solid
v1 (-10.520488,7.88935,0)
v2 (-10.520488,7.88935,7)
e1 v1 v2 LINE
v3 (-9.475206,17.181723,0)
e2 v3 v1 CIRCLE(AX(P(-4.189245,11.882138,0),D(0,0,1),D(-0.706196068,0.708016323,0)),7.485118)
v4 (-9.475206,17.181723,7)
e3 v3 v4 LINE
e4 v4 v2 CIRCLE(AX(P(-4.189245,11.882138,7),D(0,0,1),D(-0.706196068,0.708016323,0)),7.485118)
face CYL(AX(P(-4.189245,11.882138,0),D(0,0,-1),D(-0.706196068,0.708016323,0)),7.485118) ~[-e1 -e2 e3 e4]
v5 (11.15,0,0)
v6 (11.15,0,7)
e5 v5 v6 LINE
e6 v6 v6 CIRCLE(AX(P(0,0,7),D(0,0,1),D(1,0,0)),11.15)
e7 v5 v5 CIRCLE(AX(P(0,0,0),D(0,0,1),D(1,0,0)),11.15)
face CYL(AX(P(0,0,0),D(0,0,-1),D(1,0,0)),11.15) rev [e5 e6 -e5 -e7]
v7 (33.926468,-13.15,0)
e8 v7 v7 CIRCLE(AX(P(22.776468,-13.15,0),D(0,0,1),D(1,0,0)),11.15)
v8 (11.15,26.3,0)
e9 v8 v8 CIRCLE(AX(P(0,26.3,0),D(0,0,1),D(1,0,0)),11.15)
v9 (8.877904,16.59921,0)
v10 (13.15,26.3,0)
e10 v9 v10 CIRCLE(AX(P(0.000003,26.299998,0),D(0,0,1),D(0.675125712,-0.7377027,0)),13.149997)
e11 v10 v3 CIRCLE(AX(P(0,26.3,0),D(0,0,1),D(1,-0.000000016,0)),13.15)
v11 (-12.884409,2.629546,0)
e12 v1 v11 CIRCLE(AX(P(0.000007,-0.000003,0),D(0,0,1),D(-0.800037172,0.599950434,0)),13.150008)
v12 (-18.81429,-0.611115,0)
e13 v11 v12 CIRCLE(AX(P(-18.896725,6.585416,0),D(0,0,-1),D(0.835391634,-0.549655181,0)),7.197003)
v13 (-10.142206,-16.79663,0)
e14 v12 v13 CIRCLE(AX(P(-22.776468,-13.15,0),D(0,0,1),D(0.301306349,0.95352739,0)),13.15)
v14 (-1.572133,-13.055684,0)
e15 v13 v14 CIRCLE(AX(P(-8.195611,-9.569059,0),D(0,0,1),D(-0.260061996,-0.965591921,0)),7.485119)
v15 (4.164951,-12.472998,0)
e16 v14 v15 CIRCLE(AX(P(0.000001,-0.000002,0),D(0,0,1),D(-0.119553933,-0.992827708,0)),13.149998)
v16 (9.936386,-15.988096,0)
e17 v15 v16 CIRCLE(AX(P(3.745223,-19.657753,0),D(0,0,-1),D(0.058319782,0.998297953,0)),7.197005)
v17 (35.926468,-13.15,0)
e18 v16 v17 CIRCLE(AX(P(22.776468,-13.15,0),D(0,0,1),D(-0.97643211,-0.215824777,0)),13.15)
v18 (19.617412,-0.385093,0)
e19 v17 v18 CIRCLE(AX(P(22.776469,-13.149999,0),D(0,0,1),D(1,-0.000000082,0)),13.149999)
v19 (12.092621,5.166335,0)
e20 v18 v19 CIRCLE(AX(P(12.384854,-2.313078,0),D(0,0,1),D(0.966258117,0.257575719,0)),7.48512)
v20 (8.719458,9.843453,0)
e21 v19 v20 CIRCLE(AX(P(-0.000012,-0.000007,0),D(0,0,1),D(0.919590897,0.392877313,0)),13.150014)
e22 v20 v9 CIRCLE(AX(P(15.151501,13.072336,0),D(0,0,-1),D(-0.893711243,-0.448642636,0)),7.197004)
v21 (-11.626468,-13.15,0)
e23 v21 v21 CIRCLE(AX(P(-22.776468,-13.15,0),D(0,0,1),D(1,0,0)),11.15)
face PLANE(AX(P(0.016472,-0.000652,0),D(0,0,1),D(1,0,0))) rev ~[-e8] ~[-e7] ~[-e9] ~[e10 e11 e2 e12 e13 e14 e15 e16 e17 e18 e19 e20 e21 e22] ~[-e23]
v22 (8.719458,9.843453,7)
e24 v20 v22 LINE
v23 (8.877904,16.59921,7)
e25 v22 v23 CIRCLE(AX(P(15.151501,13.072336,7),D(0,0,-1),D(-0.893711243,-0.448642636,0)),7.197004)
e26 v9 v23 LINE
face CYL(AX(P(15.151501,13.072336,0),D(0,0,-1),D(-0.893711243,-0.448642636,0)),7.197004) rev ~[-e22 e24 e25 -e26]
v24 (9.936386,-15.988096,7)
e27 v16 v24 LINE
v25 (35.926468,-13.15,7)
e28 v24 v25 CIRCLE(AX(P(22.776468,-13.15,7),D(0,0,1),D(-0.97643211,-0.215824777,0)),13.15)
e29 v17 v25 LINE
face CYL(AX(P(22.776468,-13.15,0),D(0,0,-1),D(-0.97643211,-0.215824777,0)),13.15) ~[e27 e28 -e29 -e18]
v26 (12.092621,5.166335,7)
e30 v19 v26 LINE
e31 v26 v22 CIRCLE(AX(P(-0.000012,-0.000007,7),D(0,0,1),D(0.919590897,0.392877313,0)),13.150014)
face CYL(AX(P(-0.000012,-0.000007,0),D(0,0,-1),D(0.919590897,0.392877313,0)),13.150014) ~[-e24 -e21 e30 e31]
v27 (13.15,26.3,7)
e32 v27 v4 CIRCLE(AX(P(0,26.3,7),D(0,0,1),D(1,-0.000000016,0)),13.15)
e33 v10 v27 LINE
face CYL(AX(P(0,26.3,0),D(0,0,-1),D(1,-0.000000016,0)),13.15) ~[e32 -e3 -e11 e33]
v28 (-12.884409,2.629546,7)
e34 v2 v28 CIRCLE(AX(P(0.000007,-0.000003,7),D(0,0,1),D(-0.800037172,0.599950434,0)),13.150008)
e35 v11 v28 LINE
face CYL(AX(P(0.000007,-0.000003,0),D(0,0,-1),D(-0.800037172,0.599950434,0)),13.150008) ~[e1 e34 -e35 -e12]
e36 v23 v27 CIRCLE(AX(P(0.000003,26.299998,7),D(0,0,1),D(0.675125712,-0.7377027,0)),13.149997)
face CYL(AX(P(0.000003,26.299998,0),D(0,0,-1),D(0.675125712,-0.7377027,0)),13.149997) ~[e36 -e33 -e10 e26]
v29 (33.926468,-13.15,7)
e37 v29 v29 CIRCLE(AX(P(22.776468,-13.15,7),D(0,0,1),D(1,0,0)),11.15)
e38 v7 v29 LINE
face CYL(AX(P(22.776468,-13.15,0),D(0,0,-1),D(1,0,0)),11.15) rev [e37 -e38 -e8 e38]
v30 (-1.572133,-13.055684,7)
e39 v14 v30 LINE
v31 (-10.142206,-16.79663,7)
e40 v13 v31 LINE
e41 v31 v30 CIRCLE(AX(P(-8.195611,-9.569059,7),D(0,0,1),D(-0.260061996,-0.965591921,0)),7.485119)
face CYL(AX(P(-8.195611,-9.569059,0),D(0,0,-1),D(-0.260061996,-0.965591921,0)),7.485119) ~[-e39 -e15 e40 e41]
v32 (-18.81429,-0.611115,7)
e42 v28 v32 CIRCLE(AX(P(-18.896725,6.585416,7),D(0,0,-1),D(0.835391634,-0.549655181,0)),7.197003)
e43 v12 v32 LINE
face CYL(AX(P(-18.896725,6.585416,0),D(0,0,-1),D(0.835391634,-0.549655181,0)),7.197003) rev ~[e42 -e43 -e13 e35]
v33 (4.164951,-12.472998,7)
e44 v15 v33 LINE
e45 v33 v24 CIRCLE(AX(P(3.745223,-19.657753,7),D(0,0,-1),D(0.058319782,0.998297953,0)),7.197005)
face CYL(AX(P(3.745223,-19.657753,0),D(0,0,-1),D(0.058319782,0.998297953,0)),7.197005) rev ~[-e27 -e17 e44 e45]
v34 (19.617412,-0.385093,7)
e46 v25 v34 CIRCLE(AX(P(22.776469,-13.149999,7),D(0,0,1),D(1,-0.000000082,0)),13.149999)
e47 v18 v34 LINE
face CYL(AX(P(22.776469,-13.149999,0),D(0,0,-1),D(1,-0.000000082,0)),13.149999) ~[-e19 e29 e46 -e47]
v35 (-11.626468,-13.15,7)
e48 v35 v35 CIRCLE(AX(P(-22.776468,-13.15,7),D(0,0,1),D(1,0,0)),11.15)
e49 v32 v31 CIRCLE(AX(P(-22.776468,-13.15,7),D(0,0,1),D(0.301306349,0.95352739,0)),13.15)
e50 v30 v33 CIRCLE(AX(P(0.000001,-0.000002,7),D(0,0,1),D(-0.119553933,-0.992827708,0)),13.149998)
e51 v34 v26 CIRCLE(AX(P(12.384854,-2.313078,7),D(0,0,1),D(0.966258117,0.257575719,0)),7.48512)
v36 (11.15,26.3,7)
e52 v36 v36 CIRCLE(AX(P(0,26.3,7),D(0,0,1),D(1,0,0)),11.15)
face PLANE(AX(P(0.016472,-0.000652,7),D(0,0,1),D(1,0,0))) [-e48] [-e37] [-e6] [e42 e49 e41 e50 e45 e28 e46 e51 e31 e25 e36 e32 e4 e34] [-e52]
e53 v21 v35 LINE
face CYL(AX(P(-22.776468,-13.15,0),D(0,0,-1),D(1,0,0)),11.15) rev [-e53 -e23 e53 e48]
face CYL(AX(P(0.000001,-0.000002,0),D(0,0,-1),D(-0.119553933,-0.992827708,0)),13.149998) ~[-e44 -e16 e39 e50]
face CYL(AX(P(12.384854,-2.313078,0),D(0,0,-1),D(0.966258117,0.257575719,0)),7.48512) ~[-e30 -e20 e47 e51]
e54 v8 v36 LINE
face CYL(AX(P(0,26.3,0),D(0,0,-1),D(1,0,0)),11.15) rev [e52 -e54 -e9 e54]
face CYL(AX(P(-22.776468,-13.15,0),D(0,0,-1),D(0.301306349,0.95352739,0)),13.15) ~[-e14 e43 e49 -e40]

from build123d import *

# Parameters (mm, degrees)
F0_R     = 11.15
F1_DEPTH = 7


with BuildPart() as f1:
    # F0 (on Top) → F1 (new body)
    with BuildSketch(Plane.XY):
        with BuildLine():
            ThreePointArc((11.388234, -6.575), (12.701925, -3.403471), (13.15, 0))
            ThreePointArc((13.15, 0), (12.882943, 2.636715), (12.092621, 5.166335))
            ThreePointArc((12.092621, 5.166335), (10.665576, 7.692073), (8.719458, 9.843453))
            ThreePointArc((8.719458, 9.843453), (4.662676, 12.295607), (0, 13.15))
            ThreePointArc((0, 13.15), (-5.881222, 11.761536), (-10.520488, 7.88935))
            ThreePointArc((-10.520488, 7.88935), (-11.994319, 5.390623), (-12.884409, 2.629546))
            ThreePointArc((-12.884409, 2.629546), (-12.979646, -2.109807), (-11.388234, -6.575))
            ThreePointArc((-11.388234, -6.575), (-7.245177, -10.974056), (-1.572133, -13.055684))
            ThreePointArc((-1.572133, -13.055684), (1.328743, -13.082696), (4.164951, -12.472998))
            ThreePointArc((4.164951, -12.472998), (8.31697, -10.1858), (11.388234, -6.575))
        make_face()
        Circle(F0_R, mode=Mode.SUBTRACT)
        with BuildLine():
            ThreePointArc((12.092621, 5.166335), (12.882943, 2.636715), (13.15, 0))
            ThreePointArc((13.15, 0), (12.701925, -3.403471), (11.388234, -6.575))
            ThreePointArc((11.388234, -6.575), (14.871744, -2.641059), (19.617412, -0.385093))
            ThreePointArc((19.617412, -0.385093), (16.82857, 3.710244), (12.092621, 5.166335))
        make_face()
        with BuildLine():
            ThreePointArc((9.936386, -15.988096), (9.780145, -11.145485), (11.388234, -6.575))
            ThreePointArc((11.388234, -6.575), (8.31697, -10.1858), (4.164951, -12.472998))
            ThreePointArc((4.164951, -12.472998), (7.488877, -13.511052), (9.936386, -15.988096))
        make_face()
        with BuildLine():
            ThreePointArc((19.617412, -0.385093), (14.871744, -2.641059), (11.388234, -6.575))
            ThreePointArc((11.388234, -6.575), (9.780145, -11.145485), (9.936386, -15.988096))
            ThreePointArc((9.936386, -15.988096), (24.203952, -26.222291), (35.926468, -13.15))
            ThreePointArc((35.926468, -13.15), (30.881433, -2.794709), (19.617412, -0.385093))
        make_face()
        with Locations((22.776468, -13.15)):
            Circle(F0_R, mode=Mode.SUBTRACT)
        with BuildLine():
            ThreePointArc((0, 13.15), (4.662676, 12.295607), (8.719458, 9.843453))
            ThreePointArc((8.719458, 9.843453), (7.956476, 13.241084), (8.877904, 16.59921))
            ThreePointArc((8.877904, 16.59921), (4.762201, 14.042596), (0, 13.15))
        make_face()
        with BuildLine():
            ThreePointArc((-10.520488, 7.88935), (-5.881222, 11.761536), (0, 13.15))
            ThreePointArc((0, 13.15), (-5.148648, 14.199838), (-9.475206, 17.181723))
            ThreePointArc((-9.475206, 17.181723), (-11.627451, 12.718847), (-10.520488, 7.88935))
        make_face()
        with BuildLine():
            ThreePointArc((-9.475206, 17.181723), (-5.148648, 14.199838), (0, 13.15))
            ThreePointArc((0, 13.15), (4.762201, 14.042596), (8.877904, 16.59921))
            ThreePointArc((8.877904, 16.59921), (12.034678, 21.000091), (13.15, 26.3))
            ThreePointArc((13.15, 26.3), (-4.915463, 38.496751), (-9.475206, 17.181723))
        make_face()
        with Locations((0, 26.3)):
            Circle(F0_R, mode=Mode.SUBTRACT)
        with BuildLine():
            ThreePointArc((-10.142206, -16.79663), (-5.20112, -16.429091), (-1.572133, -13.055684))
            ThreePointArc((-1.572133, -13.055684), (-7.245177, -10.974056), (-11.388234, -6.575))
            ThreePointArc((-11.388234, -6.575), (-10.074543, -9.74653), (-9.626468, -13.15))
            ThreePointArc((-9.626468, -13.15), (-9.756041, -14.99146), (-10.142206, -16.79663))
        make_face()
        with BuildLine():
            ThreePointArc((-18.81429, -0.611115), (-14.542346, -2.897111), (-11.388234, -6.575))
            ThreePointArc((-11.388234, -6.575), (-12.979646, -2.109807), (-12.884409, 2.629546))
            ThreePointArc((-12.884409, 2.629546), (-15.445353, 0.269968), (-18.81429, -0.611115))
        make_face()
        with BuildLine():
            ThreePointArc((-9.626468, -13.15), (-10.074543, -9.74653), (-11.388234, -6.575))
            ThreePointArc((-11.388234, -6.575), (-14.542346, -2.897111), (-18.81429, -0.611115))
            ThreePointArc((-18.81429, -0.611115), (-34.367551, -19.360419), (-10.142206, -16.79663))
            ThreePointArc((-10.142206, -16.79663), (-9.756041, -14.99146), (-9.626468, -13.15))
        make_face()
        with Locations((-22.776468, -13.15)):
            Circle(F0_R, mode=Mode.SUBTRACT)
    extrude(amount=F1_DEPTH)


solid = f1.part
